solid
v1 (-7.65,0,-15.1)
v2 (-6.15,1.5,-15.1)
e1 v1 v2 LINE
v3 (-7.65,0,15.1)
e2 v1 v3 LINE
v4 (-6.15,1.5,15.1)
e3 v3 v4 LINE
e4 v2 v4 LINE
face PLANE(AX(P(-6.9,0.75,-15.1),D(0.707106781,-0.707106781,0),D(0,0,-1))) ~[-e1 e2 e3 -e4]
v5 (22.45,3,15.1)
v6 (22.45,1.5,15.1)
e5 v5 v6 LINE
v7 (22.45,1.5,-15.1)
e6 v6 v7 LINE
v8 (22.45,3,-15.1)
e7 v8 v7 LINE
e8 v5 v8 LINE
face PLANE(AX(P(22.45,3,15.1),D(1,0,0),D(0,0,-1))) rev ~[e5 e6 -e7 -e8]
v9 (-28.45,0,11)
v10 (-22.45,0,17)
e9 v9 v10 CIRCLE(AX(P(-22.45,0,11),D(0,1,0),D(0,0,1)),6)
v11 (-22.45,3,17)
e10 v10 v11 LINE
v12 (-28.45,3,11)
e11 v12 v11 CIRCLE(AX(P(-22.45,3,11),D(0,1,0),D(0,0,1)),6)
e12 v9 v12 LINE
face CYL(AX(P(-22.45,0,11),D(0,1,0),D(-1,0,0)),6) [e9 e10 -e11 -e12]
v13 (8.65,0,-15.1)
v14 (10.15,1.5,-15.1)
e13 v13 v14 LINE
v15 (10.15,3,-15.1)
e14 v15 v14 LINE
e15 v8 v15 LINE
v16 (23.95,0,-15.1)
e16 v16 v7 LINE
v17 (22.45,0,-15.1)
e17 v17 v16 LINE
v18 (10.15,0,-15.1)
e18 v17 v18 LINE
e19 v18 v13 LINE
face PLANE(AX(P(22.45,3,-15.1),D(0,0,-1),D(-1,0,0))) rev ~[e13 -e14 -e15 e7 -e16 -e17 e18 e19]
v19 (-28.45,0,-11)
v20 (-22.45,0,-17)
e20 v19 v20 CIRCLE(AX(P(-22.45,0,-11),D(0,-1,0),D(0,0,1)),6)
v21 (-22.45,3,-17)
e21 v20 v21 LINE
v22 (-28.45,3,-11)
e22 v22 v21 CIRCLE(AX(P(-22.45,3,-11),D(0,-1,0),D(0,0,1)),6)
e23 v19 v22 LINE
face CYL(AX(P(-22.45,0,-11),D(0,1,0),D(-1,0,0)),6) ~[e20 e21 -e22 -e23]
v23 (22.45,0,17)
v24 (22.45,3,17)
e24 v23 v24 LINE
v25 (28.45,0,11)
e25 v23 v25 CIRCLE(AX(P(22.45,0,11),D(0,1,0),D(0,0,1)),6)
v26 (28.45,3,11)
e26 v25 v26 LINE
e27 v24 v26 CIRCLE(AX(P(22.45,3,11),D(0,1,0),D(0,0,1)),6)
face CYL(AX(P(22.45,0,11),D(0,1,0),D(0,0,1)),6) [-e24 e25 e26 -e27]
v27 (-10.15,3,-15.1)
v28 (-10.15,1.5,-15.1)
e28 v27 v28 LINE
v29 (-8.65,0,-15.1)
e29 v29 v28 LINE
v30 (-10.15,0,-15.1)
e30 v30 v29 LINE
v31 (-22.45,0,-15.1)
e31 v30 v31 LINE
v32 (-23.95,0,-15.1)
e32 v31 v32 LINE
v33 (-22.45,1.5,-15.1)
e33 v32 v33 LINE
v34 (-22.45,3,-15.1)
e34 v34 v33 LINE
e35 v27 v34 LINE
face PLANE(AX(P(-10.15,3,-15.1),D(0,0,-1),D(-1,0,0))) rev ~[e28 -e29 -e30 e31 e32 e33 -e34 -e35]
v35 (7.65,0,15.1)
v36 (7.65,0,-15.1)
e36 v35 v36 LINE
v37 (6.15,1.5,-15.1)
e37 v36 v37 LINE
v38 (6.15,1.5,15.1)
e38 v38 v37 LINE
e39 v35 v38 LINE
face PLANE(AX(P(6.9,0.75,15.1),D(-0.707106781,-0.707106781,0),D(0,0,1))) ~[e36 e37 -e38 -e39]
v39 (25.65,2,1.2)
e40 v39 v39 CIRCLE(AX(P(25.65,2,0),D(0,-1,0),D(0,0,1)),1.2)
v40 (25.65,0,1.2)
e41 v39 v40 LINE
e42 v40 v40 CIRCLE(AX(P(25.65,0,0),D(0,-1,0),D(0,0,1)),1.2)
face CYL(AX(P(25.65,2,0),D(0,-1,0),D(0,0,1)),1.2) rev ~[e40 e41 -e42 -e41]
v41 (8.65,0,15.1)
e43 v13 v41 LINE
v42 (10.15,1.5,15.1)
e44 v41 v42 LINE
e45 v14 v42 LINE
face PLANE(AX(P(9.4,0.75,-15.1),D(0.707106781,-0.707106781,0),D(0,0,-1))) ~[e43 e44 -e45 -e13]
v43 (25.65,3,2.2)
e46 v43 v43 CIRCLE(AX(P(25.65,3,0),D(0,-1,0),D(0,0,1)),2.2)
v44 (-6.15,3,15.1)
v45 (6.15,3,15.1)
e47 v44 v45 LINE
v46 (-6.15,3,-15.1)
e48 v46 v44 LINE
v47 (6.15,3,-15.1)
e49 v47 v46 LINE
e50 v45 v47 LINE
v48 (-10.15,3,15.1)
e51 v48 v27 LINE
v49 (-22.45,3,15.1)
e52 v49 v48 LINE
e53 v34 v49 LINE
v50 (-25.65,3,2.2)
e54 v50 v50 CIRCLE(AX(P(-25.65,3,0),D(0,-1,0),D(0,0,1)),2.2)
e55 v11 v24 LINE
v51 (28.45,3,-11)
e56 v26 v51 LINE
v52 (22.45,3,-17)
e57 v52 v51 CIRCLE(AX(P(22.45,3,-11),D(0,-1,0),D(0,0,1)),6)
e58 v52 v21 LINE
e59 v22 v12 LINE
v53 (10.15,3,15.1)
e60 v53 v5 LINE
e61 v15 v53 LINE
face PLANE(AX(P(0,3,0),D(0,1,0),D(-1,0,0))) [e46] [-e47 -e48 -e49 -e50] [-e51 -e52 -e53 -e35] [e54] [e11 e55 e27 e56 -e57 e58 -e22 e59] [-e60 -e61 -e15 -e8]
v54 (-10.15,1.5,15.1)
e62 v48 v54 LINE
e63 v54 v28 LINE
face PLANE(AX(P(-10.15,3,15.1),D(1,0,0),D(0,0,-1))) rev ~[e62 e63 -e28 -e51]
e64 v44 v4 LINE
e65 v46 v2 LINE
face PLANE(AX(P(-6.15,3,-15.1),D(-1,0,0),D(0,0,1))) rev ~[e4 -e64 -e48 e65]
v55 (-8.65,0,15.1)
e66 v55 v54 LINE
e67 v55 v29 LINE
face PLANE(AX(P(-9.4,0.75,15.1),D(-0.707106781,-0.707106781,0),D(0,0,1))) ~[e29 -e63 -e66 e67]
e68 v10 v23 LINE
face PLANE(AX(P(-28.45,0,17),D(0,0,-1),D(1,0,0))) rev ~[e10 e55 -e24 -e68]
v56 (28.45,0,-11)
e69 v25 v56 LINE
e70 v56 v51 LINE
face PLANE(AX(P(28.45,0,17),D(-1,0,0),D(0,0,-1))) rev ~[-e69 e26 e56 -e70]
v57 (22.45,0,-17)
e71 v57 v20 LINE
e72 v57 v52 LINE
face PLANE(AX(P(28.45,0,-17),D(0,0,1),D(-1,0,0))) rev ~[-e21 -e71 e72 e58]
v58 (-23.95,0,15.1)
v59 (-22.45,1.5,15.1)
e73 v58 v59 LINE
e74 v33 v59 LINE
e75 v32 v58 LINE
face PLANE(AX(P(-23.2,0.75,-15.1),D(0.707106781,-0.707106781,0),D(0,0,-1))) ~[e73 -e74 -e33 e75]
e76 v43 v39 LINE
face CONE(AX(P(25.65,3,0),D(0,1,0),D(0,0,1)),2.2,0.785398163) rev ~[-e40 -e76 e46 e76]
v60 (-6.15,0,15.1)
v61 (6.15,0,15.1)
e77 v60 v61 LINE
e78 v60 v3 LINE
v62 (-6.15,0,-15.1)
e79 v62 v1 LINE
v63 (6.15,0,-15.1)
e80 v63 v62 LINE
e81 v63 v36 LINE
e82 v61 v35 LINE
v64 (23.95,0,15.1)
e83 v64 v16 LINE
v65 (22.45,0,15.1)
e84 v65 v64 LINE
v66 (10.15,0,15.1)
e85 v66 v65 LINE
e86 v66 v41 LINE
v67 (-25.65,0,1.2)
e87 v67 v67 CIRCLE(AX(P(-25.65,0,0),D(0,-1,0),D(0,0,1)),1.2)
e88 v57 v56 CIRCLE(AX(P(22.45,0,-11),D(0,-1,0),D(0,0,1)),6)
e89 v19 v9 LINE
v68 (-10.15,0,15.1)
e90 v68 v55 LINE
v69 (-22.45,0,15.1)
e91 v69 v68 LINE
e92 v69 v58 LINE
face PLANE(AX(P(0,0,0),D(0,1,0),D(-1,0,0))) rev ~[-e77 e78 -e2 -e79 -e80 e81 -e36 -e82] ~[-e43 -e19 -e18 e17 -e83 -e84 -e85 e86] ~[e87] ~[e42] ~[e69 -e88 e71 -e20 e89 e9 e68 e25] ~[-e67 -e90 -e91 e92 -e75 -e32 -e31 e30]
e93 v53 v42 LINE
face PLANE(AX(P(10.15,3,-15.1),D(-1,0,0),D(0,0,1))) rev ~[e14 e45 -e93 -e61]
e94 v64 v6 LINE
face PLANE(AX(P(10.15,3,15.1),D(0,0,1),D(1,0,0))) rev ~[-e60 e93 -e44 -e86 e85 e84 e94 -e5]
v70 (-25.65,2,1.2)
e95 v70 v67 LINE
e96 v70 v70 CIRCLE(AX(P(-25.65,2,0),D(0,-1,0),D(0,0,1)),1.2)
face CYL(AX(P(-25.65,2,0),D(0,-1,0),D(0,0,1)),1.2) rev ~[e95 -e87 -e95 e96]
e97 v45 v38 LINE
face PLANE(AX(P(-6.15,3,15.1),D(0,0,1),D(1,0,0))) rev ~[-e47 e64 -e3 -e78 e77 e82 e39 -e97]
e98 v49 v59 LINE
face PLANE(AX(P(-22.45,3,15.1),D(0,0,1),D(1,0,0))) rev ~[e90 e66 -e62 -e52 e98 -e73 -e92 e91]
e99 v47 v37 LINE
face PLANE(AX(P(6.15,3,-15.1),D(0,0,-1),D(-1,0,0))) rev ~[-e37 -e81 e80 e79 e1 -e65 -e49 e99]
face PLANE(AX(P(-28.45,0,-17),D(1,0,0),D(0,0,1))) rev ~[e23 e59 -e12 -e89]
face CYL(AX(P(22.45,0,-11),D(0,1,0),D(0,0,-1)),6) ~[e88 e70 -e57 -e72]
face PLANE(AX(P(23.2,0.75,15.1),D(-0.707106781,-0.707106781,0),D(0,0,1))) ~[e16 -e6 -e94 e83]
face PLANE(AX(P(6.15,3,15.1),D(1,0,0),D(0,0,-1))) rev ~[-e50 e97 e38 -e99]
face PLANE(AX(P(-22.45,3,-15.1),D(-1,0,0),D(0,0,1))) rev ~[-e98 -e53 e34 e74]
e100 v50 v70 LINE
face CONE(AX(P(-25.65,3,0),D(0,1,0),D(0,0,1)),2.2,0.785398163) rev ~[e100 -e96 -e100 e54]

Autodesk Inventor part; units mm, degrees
ref_plane "YZ Plane" through (0, 0, 0) normal (1, 0, 0) x (0, 1, 0)
ref_plane "XZ Plane" through (0, 0, 0) normal (0, 1, 0) x (-1, 0, 0)
ref_plane "XY Plane" through (0, 0, 0) normal (0, 0, 1) x (1, 0, 0)
sketch "Skizze1" plane through (0, 0, 0) normal (0, 1, 0) x (-1, 0, 0)
  line L0 (28.45, 17) -> (-28.45, 17)
  line L1 (-28.45, 17) -> (-28.45, -17)
  line L2 (-28.45, -17) -> (28.45, -17)
  line L3 (28.45, -17) -> (28.45, 17)
  line L4 (28.45, 17) -> (-28.45, -17) construction
  line L5 (-28.45, 17) -> (28.45, -17) construction
  point P0 (0, 0)
  dimension "d0" = 56.9
  dimension "d1" = 34
extrude "Extrusion1" add sketch "Skizze1" along normal blind 3
sketch "Skizze2" plane through (0, 3, 0) normal (0, 1, 0) x (1, 0, 0)
  line L0 (-6.15, -15.1) -> (6.15, -15.1)
  line L1 (6.15, -15.1) -> (6.15, 15.1)
  line L2 (6.15, 15.1) -> (-6.15, 15.1)
  line L3 (-6.15, 15.1) -> (-6.15, -15.1)
  line L4 (-6.15, -15.1) -> (6.15, 15.1) construction
  line L5 (6.15, -15.1) -> (-6.15, 15.1) construction
  line L6 (10.15, -15.1) -> (22.45, -15.1)
  line L7 (22.45, -15.1) -> (22.45, 15.1)
  line L8 (22.45, 15.1) -> (10.15, 15.1)
  line L9 (10.15, 15.1) -> (10.15, -15.1)
  line L10 (10.15, -15.1) -> (22.45, 15.1) construction
  line L11 (22.45, -15.1) -> (10.15, 15.1) construction
  line L12 (-22.45, -15.1) -> (-10.15, -15.1)
  line L13 (-10.15, -15.1) -> (-10.15, 15.1)
  line L14 (-10.15, 15.1) -> (-22.45, 15.1)
  line L15 (-22.45, 15.1) -> (-22.45, -15.1)
  line L16 (-22.45, -15.1) -> (-10.15, 15.1) construction
  line L17 (-10.15, -15.1) -> (-22.45, 15.1) construction
  line L18 (-28.45, 17) -> (-28.45, -17) projected
  line L19 (28.45, -17) -> (28.45, 17) projected
  point P0 (0, 0)
  point P1 (0, 0)
  point P2 (16.3, 0)
  point P3 (-16.3, 0)
  dimension "d4" = 12.3
  dimension "d5" = 30.2
  dimension "d6" = 12.3
  dimension "d7" = 30.2
  dimension "d8" = 12.3
  dimension "d9" = 30.2
  dimension "d10" = 4
  dimension "d11" = 4
  dimension "d12" = 6
  dimension "d13" = 6
extrude "Extrusion2" cut sketch "Skizze2" against normal blind 3
sketch "Skizze3" plane through (0, 3, 0) normal (0, 1, 0) x (1, 0, 0)
  line L0 (-25.65, 10) -> (25.65, 10)
  line L1 (25.65, 10) -> (25.65, -10)
  line L2 (25.65, -10) -> (-25.65, -10)
  line L3 (-25.65, -10) -> (-25.65, 10)
  line L4 (-25.65, 10) -> (25.65, -10) construction
  line L5 (25.65, 10) -> (-25.65, -10) construction
  line L6 (-25.65, 0) -> (25.65, 0)
  point P0 (0, 0)
  dimension "d16" = 51.3
  dimension "d17" = 20
hole "Bohrung1" at (-25.65, 3, 0) at (25.65, 3, 0) direction (0, -1, 0) diameter 2.4 end through all countersink diameter 4.4 countersink angle 90 clearance for "Flachkopfmaschinenschraube" size "M2" standard "ANSI Metrisches M Profil"
fillet "Rundung1" radius 6 4 edges at (28.45, 1.5, 17) (28.45, 1.5, -17) (-28.45, 1.5, 17) (-28.45, 1.5, -17)
chamfer "Fase1" distance 1.5 angle 45 6 edges at (-6.15, 0, 0) (10.15, 0, 0) (6.15, 0, 0) (-10.15, 0, 0) (22.45, 0, 0) (-22.45, 0, 0)
properties part number "Wago2Din"
